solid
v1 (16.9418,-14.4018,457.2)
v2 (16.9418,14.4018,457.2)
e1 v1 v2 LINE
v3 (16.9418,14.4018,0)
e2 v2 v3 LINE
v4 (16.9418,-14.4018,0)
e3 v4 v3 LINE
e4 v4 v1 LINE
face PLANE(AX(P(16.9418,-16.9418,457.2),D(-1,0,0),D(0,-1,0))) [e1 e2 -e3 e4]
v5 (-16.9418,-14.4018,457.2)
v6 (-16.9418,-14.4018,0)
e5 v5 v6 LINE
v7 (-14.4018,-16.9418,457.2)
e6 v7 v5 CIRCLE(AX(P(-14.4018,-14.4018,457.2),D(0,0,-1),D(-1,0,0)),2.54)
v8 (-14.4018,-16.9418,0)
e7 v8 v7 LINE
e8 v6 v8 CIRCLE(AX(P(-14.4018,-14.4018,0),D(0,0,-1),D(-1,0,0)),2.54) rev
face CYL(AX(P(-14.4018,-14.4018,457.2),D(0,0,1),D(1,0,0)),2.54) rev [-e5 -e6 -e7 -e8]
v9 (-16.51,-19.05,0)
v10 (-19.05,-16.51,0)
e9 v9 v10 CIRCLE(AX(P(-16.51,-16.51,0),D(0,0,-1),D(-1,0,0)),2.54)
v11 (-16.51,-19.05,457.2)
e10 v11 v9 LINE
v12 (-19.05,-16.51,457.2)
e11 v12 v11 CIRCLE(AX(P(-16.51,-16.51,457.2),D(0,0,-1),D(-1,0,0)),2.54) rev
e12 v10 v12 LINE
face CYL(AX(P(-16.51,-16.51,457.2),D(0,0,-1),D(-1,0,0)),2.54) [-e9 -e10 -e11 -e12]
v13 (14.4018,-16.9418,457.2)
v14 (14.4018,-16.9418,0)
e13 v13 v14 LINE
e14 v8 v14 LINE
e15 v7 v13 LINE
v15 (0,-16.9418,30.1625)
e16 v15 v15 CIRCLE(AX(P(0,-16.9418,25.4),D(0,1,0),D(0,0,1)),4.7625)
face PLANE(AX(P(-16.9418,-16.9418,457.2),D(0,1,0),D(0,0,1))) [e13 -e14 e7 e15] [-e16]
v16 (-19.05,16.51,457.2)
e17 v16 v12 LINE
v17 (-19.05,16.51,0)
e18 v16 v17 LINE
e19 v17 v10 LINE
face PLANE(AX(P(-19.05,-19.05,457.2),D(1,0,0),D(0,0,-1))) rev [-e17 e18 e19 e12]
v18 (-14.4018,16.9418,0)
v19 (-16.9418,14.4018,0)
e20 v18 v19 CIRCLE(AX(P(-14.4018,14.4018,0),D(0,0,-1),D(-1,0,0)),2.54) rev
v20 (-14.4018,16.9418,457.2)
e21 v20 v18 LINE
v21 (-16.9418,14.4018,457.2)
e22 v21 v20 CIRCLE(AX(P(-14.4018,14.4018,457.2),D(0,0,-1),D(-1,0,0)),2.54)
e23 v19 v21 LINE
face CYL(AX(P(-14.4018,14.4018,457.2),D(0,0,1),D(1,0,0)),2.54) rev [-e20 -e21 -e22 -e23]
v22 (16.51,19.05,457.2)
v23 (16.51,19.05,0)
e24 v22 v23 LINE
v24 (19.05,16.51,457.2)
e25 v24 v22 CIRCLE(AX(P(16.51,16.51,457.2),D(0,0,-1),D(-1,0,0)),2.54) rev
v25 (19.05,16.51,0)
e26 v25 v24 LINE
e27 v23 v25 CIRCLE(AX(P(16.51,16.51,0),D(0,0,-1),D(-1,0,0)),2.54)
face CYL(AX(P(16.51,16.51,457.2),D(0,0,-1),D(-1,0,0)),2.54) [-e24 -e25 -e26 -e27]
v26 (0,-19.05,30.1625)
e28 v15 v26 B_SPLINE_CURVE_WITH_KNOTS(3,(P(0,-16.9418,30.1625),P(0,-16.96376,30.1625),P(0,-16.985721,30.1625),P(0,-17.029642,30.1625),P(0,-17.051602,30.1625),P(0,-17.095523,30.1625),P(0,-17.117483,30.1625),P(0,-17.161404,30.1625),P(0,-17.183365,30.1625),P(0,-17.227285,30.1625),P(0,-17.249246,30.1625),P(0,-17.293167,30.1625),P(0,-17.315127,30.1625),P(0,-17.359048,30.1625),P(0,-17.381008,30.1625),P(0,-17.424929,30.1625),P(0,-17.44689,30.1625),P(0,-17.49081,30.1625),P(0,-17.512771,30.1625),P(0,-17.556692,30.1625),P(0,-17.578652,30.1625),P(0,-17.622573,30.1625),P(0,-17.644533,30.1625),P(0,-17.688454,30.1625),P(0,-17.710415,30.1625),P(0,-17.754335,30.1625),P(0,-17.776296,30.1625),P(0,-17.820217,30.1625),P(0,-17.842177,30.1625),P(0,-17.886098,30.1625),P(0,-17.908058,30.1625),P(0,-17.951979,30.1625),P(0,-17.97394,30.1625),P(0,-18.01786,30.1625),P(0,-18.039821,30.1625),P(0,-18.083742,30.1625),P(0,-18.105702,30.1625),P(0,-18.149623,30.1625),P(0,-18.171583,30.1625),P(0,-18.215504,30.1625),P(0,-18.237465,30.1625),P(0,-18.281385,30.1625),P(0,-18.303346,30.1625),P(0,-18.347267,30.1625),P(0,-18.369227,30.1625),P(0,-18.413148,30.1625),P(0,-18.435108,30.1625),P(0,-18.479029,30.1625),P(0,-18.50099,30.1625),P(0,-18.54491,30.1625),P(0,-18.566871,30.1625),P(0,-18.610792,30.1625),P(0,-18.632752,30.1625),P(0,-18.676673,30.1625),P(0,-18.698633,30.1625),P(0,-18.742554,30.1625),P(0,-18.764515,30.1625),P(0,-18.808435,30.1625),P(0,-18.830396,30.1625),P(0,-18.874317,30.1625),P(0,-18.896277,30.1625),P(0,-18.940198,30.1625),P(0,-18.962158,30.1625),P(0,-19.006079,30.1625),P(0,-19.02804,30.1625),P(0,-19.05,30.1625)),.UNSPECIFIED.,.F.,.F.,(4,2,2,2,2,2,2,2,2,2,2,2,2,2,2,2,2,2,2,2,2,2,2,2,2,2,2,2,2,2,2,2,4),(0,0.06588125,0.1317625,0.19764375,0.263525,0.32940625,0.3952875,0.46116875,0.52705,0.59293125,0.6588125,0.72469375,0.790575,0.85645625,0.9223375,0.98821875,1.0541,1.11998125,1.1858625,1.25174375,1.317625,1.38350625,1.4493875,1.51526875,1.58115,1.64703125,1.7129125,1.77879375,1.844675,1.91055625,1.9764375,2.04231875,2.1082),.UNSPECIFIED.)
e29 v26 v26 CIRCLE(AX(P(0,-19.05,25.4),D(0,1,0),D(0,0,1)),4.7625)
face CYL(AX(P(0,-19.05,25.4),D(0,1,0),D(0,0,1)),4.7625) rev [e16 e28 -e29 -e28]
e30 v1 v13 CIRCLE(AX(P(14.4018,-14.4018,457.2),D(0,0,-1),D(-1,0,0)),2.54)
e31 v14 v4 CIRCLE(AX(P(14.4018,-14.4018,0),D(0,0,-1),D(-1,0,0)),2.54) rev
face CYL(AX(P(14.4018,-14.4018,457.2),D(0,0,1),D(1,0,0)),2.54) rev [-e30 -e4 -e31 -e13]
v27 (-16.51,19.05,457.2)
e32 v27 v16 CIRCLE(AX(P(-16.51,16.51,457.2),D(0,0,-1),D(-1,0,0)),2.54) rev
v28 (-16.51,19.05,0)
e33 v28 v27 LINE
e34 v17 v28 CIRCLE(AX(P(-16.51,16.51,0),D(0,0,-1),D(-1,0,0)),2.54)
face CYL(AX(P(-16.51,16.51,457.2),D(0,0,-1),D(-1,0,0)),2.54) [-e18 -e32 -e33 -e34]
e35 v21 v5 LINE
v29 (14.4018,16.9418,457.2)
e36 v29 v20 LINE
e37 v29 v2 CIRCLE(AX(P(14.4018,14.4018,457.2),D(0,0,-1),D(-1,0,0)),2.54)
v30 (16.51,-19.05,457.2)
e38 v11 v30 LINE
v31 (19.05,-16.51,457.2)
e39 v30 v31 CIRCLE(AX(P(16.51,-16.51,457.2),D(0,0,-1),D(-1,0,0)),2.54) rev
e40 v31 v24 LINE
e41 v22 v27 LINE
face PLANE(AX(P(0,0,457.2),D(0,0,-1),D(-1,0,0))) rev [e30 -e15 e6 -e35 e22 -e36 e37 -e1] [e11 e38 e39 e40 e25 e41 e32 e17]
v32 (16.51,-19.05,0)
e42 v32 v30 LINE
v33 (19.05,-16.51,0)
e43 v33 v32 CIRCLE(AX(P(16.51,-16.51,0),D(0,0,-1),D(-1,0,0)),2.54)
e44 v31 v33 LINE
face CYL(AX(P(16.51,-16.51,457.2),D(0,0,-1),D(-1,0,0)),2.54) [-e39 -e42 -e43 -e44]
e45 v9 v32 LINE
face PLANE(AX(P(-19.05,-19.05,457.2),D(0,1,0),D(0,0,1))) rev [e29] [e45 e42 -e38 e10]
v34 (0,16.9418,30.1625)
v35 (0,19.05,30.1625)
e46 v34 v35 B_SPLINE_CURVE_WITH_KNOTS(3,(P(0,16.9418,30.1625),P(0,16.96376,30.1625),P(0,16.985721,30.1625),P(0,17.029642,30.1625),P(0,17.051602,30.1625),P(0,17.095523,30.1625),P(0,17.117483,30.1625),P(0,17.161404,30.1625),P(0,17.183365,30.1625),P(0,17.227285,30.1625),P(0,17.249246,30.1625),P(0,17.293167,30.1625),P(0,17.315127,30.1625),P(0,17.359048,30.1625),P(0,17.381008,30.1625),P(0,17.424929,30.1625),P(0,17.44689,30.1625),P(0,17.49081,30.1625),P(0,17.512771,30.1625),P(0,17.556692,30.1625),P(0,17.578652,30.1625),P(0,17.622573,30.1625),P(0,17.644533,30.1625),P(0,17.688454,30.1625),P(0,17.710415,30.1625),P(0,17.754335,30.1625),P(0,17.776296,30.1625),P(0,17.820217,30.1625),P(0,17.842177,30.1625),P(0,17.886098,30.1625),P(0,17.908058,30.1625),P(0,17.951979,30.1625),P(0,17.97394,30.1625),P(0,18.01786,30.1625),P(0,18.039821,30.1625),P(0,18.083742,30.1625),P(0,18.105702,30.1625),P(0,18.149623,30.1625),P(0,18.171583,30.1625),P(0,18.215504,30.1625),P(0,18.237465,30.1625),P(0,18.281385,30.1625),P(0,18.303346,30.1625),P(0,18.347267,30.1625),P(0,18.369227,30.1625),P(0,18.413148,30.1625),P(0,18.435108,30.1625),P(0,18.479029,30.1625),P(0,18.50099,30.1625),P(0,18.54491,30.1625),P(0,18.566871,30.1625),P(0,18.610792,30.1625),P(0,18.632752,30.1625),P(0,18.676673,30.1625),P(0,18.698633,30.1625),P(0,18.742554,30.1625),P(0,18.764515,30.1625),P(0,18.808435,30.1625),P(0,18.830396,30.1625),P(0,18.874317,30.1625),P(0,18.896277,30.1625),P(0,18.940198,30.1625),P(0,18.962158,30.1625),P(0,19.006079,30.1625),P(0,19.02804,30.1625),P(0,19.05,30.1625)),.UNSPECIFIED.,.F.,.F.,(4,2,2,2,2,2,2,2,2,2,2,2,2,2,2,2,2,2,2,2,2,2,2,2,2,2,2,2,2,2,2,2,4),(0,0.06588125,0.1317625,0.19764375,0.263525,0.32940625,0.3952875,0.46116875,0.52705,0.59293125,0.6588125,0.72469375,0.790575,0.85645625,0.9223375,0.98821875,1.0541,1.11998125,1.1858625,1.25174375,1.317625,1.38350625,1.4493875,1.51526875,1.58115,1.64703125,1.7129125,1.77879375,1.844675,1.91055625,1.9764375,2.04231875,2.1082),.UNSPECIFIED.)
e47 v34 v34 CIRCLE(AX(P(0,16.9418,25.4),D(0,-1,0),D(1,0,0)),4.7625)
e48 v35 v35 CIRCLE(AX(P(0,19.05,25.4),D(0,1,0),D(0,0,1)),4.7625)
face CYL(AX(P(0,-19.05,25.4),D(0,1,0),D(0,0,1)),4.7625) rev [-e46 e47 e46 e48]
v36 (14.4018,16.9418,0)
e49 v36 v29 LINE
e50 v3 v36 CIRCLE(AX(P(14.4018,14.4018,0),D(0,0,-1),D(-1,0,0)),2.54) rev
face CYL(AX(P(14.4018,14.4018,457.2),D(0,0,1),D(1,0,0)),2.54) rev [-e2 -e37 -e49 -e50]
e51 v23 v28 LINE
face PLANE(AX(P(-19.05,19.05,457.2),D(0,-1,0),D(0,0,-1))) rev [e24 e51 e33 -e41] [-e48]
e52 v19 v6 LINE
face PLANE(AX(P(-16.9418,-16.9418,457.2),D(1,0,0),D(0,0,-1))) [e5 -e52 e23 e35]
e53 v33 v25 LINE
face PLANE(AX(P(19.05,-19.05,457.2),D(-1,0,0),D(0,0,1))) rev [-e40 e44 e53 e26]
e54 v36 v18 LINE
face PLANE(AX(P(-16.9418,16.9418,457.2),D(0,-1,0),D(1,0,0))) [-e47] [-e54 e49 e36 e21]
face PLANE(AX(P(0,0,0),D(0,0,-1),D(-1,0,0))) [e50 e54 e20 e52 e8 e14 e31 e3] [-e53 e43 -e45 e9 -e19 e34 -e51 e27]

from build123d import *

# Parameters (mm, degrees)
SKETCH1_W           = 38.1
SKETCH1_H           = 38.1
SKETCH1_W_2         = 33.8836
SKETCH1_H_2         = 33.8836
BOSS_EXTRUDE1_DEPTH = 457.2
FILLET1_R           = 2.54
SKETCH2_R           = 4.7625
CUT_EXTRUDE1_DEPTH  = 460.180087221


with BuildPart() as part:
    # Sketch1 → Boss-Extrude1 (new body)
    with BuildSketch(Plane.XY):
        Rectangle(SKETCH1_W, SKETCH1_H)
        Rectangle(SKETCH1_W_2, SKETCH1_H_2, mode=Mode.SUBTRACT)
    extrude(amount=BOSS_EXTRUDE1_DEPTH)

    # Fillet1
    fillet1_edges = [part.edges().sort_by_distance(p)[0] for p in [
        (19.05, -19.05, 228.6),
        (16.9418, -16.9418, 228.6),
        (16.9418, 16.9418, 228.6),
        (19.05, 19.05, 228.6),
        (-16.9418, 16.9418, 228.6),
        (-19.05, 19.05, 228.6),
        (-16.9418, -16.9418, 228.6),
        (-19.05, -19.05, 228.6),
    ]]
    fillet(fillet1_edges, radius=FILLET1_R)

    # Sketch2 → Cut-Extrude1 (cut, through all)
    with BuildSketch(Plane(origin=(0, 19.05, 0), x_dir=(1, 0, 0), z_dir=(0, 1, 0))):
        with Locations((0, -25.4)):
            Circle(SKETCH2_R)
    extrude(amount=-CUT_EXTRUDE1_DEPTH, mode=Mode.SUBTRACT)


solid = part.part
